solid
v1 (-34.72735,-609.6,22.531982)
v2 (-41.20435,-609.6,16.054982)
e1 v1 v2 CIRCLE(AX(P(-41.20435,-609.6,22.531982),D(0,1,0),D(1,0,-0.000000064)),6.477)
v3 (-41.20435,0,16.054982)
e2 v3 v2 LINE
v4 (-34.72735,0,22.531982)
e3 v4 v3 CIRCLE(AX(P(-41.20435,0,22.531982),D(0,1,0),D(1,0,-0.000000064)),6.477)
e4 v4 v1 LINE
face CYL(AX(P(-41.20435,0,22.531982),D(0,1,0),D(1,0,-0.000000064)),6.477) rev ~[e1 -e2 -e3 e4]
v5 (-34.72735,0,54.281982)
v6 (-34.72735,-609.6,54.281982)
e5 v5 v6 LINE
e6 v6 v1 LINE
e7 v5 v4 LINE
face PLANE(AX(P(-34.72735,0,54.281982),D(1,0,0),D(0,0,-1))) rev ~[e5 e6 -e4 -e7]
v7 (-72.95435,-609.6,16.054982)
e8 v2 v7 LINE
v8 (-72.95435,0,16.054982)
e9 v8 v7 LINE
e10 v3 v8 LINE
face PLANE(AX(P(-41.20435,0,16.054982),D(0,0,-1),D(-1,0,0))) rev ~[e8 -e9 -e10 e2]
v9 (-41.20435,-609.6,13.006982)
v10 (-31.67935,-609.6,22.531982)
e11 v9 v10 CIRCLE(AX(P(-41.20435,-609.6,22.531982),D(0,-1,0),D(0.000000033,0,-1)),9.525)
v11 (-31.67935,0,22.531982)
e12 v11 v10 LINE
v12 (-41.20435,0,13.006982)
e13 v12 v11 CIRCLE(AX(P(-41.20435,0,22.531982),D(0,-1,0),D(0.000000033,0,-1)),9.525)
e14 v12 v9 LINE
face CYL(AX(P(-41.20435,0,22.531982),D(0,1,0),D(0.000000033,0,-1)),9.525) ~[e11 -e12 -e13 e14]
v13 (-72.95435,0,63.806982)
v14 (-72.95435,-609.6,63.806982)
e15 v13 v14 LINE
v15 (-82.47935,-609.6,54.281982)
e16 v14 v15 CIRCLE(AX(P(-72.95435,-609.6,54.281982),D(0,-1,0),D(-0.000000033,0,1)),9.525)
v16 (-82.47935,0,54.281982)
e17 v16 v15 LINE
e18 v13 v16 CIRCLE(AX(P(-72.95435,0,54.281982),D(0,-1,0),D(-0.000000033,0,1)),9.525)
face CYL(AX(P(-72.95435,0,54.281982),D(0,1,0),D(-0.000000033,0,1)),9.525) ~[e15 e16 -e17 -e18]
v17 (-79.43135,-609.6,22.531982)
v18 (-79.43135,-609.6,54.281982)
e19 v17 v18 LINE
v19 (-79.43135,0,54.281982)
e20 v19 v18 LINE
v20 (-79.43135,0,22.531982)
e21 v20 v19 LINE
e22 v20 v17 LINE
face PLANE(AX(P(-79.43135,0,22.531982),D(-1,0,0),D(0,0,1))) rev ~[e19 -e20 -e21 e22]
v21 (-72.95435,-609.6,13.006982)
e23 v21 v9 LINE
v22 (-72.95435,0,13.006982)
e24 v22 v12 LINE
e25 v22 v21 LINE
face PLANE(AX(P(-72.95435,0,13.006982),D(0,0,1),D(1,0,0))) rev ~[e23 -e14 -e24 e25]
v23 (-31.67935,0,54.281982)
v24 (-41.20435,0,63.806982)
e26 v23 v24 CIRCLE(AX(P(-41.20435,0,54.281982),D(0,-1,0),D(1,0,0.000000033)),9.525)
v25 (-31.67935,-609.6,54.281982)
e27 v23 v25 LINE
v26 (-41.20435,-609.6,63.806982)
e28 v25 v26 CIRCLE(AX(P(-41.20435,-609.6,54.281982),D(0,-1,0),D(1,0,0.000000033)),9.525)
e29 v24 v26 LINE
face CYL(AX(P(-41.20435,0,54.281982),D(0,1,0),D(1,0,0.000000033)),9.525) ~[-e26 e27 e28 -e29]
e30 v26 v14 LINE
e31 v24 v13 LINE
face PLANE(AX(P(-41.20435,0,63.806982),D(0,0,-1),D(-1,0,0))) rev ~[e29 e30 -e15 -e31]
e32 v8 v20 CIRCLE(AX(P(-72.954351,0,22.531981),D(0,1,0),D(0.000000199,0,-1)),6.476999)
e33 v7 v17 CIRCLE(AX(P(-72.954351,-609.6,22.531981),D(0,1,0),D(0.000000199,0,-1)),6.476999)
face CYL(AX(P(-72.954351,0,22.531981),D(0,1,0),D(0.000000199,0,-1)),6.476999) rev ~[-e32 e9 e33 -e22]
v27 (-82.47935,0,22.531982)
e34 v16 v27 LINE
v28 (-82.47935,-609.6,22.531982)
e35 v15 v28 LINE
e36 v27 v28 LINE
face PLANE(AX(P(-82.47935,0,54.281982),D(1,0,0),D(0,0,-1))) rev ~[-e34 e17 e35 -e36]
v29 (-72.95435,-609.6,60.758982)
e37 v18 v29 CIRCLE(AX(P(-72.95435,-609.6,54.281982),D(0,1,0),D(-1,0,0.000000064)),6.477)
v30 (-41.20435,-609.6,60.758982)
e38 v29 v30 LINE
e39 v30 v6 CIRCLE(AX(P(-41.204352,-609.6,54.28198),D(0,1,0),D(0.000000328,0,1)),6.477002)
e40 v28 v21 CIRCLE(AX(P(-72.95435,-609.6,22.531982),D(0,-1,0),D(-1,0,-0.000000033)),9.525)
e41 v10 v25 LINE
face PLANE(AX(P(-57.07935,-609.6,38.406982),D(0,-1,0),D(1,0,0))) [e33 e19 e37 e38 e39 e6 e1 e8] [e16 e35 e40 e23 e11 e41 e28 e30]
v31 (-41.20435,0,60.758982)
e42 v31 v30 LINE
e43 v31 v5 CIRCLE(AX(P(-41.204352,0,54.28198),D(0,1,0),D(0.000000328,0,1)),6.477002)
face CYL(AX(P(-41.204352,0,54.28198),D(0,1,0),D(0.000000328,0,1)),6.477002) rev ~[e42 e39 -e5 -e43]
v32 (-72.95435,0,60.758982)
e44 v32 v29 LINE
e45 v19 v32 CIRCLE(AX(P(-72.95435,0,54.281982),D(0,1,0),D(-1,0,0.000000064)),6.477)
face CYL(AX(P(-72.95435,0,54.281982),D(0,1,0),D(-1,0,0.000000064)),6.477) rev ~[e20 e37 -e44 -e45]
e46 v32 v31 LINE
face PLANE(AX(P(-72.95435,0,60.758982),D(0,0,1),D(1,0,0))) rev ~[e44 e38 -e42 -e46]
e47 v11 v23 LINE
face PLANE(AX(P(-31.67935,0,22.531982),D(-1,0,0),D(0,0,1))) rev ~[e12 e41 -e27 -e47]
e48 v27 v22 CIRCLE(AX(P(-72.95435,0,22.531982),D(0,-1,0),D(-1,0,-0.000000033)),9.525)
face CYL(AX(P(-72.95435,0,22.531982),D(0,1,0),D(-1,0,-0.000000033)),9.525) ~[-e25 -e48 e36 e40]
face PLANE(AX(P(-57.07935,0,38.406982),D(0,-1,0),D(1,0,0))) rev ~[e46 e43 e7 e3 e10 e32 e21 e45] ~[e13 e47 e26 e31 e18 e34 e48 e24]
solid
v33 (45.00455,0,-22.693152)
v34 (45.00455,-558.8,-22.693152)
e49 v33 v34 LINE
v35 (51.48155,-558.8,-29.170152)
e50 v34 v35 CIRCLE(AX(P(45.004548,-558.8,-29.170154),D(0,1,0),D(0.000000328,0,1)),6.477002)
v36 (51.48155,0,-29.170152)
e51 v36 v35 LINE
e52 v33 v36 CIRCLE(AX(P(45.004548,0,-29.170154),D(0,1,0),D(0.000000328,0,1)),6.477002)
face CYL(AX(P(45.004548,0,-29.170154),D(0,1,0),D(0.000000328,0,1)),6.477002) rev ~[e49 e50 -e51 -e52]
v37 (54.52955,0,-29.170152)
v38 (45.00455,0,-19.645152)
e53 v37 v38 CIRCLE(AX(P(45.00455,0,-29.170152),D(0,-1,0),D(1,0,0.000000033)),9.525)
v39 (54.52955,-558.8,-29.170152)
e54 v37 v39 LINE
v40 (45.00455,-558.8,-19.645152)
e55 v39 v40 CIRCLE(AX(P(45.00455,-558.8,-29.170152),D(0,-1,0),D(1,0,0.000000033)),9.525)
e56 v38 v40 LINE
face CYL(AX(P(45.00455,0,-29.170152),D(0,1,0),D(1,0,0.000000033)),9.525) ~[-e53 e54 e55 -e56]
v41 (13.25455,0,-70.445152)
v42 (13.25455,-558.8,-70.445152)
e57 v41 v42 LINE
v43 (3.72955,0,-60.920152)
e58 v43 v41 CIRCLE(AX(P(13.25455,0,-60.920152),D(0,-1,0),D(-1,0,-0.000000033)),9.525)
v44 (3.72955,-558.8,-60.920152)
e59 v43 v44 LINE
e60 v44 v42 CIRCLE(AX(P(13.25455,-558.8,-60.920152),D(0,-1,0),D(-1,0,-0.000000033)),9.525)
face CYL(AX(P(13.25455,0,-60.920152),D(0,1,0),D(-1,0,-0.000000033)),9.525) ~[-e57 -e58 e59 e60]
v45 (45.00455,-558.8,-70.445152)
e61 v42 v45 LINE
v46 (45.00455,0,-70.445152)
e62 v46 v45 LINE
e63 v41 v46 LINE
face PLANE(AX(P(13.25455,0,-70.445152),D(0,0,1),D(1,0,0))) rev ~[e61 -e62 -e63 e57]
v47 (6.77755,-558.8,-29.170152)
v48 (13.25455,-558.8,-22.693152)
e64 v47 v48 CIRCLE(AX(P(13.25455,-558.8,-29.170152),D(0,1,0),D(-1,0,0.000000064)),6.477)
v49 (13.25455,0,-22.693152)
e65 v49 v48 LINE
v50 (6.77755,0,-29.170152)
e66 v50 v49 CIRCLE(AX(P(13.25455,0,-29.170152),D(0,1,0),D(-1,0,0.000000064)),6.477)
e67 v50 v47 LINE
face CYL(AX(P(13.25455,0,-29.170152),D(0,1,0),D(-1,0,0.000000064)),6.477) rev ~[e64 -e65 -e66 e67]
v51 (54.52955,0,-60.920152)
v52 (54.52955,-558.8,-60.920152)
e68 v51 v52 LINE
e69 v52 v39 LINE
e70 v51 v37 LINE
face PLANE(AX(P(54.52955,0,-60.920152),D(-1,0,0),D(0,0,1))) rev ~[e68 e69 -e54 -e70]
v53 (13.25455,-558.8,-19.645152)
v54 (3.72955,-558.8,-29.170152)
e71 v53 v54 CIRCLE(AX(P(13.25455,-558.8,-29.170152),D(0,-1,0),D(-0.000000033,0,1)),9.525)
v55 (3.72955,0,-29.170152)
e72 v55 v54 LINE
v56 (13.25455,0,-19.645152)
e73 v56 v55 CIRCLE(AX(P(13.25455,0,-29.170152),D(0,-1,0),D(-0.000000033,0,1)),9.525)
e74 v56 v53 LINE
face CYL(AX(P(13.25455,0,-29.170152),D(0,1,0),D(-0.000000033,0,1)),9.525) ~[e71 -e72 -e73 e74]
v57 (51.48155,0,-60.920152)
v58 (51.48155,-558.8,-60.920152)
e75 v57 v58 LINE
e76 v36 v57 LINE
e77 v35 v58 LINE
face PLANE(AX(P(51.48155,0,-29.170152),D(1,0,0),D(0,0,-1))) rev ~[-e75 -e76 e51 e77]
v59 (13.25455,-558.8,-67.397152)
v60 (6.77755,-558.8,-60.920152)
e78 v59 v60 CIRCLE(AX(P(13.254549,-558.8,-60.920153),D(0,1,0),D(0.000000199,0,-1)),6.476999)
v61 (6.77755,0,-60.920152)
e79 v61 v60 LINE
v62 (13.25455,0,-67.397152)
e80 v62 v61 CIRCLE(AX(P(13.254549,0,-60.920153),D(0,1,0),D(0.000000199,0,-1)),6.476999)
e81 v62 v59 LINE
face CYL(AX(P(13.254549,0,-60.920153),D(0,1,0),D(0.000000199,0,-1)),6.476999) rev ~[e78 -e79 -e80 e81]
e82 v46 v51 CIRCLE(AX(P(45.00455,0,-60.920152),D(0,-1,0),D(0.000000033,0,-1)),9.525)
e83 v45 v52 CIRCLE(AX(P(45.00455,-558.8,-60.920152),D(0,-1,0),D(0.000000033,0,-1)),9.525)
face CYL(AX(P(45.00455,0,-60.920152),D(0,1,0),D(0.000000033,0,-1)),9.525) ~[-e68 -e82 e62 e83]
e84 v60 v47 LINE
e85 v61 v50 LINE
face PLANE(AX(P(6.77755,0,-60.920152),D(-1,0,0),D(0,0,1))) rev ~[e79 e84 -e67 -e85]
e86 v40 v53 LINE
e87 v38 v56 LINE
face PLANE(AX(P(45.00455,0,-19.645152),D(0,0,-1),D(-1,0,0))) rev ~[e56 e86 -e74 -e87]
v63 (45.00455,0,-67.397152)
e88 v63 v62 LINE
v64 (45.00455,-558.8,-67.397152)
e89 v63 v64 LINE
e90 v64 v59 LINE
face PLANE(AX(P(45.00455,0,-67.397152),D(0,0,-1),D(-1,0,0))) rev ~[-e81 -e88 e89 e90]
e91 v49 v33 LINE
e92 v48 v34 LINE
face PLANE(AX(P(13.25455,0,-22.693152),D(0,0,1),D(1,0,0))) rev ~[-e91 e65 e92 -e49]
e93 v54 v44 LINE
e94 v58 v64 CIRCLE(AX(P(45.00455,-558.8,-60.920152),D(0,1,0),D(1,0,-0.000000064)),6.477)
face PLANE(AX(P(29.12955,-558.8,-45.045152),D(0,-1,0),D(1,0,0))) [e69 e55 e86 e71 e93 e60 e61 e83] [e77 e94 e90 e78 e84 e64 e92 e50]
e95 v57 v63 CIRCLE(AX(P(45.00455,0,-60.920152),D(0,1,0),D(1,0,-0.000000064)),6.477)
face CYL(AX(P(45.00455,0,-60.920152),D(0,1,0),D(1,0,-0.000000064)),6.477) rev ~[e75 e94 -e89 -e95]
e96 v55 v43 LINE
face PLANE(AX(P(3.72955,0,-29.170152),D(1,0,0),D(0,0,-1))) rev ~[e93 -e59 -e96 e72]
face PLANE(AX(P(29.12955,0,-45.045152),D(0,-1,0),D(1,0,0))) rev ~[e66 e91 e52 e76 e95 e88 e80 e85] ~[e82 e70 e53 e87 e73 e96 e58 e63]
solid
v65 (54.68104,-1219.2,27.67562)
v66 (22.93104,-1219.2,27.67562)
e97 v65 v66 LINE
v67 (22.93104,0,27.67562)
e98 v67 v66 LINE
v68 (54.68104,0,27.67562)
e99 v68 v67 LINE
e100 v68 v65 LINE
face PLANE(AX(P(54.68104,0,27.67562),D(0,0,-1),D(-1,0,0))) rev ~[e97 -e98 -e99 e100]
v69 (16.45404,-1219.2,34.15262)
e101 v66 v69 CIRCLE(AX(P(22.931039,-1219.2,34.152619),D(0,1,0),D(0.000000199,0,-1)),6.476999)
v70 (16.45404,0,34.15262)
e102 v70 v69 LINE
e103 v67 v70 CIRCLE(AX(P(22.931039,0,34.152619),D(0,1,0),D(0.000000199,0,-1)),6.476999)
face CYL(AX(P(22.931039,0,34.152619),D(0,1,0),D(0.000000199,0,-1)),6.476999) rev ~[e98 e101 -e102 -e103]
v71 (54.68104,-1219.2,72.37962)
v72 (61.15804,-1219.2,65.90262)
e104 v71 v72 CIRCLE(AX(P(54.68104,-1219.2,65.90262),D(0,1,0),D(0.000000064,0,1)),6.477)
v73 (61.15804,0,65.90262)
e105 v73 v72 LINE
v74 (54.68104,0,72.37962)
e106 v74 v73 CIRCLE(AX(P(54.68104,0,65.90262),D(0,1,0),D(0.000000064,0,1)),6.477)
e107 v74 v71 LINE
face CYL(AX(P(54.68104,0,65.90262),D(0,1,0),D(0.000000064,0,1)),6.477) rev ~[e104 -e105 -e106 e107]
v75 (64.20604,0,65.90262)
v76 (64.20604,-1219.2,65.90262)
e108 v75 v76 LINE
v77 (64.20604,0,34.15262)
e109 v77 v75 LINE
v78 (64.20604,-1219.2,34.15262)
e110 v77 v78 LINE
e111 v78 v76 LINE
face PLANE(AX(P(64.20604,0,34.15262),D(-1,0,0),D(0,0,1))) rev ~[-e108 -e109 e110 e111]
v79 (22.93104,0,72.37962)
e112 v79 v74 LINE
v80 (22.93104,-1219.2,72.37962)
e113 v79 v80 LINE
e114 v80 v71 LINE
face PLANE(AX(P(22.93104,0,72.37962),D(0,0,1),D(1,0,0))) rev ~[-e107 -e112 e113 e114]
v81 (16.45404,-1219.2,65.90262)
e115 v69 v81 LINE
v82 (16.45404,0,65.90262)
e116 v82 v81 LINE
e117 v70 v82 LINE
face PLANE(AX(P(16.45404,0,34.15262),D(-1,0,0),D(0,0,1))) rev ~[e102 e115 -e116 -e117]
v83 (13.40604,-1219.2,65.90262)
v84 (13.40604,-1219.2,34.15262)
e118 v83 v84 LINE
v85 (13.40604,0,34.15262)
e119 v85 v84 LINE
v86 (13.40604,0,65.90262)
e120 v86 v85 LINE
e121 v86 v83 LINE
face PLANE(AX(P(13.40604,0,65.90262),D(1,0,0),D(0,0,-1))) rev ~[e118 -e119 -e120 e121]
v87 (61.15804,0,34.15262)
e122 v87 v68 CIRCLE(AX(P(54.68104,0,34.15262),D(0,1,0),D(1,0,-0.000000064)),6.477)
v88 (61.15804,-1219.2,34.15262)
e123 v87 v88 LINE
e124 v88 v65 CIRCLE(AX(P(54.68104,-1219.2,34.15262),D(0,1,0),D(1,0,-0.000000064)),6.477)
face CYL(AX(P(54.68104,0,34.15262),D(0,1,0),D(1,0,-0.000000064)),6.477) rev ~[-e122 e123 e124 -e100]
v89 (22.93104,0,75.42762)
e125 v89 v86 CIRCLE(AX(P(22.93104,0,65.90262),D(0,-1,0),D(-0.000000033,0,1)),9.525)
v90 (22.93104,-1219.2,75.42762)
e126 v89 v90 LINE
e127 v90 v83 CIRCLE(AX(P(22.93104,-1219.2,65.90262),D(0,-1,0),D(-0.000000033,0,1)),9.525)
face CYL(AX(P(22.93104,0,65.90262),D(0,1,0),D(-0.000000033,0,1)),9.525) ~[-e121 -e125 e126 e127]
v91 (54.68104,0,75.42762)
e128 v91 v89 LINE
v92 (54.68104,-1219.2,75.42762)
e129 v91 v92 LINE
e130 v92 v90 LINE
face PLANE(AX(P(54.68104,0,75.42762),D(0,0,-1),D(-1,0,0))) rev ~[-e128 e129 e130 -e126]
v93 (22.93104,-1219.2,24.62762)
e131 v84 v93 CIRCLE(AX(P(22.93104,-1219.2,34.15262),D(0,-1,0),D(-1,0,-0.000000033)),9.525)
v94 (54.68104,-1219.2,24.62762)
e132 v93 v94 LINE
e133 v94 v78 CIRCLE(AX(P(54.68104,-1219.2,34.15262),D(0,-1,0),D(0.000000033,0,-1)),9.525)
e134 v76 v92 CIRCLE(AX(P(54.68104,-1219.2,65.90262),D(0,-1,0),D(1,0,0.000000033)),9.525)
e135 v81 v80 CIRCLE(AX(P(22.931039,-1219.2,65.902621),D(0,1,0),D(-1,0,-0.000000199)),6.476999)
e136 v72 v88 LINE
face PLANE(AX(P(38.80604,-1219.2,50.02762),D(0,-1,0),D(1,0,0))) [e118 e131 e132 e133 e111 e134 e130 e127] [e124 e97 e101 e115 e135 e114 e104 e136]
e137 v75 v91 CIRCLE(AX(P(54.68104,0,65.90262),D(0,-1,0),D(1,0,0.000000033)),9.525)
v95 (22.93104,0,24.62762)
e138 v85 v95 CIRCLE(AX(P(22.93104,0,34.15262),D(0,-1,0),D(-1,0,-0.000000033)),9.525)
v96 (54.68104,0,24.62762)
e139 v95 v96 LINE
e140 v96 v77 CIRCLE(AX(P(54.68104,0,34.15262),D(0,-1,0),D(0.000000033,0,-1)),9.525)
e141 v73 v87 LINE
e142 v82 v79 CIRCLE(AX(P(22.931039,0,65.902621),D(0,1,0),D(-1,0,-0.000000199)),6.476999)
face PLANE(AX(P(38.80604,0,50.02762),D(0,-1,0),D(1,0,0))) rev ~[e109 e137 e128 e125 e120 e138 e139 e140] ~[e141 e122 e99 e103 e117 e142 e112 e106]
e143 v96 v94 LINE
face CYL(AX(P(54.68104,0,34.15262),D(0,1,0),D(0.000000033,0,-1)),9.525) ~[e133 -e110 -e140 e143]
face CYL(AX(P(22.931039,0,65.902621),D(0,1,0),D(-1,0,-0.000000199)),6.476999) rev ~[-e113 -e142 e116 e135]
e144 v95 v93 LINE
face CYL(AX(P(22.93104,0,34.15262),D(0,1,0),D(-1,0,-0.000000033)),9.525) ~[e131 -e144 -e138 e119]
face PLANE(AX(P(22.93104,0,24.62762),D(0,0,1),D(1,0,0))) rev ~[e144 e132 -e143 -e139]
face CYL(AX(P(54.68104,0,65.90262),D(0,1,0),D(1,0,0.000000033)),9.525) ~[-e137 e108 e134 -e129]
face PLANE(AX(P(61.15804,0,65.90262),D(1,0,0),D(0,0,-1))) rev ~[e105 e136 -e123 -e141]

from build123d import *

# Parameters (mm, degrees)
F1_DEPTH = 609.6
F3_DEPTH = 1219.2
F5_DEPTH = 558.8


with BuildPart() as f1:
    # F0 (on Front) → F1 (new body)
    with BuildSketch(Plane.XZ):
        with BuildLine():
            Line((-41.20435, 63.806982), (-72.95435, 63.806982))
            ThreePointArc((-72.95435, 63.806982), (-79.689542, 61.017174), (-82.47935, 54.281982))
            Line((-82.47935, 54.281982), (-82.47935, 22.531982))
            ThreePointArc((-82.47935, 22.531982), (-79.689542, 15.79679), (-72.95435, 13.006982))
            Line((-72.95435, 13.006982), (-41.20435, 13.006982))
            ThreePointArc((-41.20435, 13.006982), (-34.469158, 15.79679), (-31.67935, 22.531982))
            Line((-31.67935, 22.531982), (-31.67935, 54.281982))
            ThreePointArc((-31.67935, 54.281982), (-34.469158, 61.017174), (-41.20435, 63.806982))
        make_face()
        with BuildLine():
            ThreePointArc((-79.43135, 54.281982), (-77.534281, 58.861912), (-72.95435, 60.758982))
            Line((-72.95435, 60.758982), (-41.20435, 60.758982))
            ThreePointArc((-41.20435, 60.758982), (-36.62442, 58.861912), (-34.72735, 54.281982))
            Line((-34.72735, 54.281982), (-34.72735, 22.531982))
            ThreePointArc((-34.72735, 22.531982), (-36.62442, 17.952051), (-41.20435, 16.054982))
            Line((-41.20435, 16.054982), (-72.95435, 16.054982))
            ThreePointArc((-72.95435, 16.054982), (-77.534281, 17.952051), (-79.43135, 22.531982))
            Line((-79.43135, 22.531982), (-79.43135, 54.281982))
        make_face(mode=Mode.SUBTRACT)
    extrude(amount=F1_DEPTH)


with BuildPart() as f3:
    # F2 (on Front) → F3 (new body)
    with BuildSketch(Plane.XZ):
        with BuildLine():
            Line((54.68104, 75.42762), (22.93104, 75.42762))
            ThreePointArc((22.93104, 75.42762), (16.195848, 72.637812), (13.40604, 65.90262))
            Line((13.40604, 65.90262), (13.40604, 34.15262))
            ThreePointArc((13.40604, 34.15262), (16.195848, 27.417428), (22.93104, 24.62762))
            Line((22.93104, 24.62762), (54.68104, 24.62762))
            ThreePointArc((54.68104, 24.62762), (61.416232, 27.417428), (64.20604, 34.15262))
            Line((64.20604, 34.15262), (64.20604, 65.90262))
            ThreePointArc((64.20604, 65.90262), (61.416232, 72.637812), (54.68104, 75.42762))
        make_face()
        with BuildLine():
            ThreePointArc((16.45404, 65.90262), (18.351109, 70.482551), (22.93104, 72.37962))
            Line((22.93104, 72.37962), (54.68104, 72.37962))
            ThreePointArc((54.68104, 72.37962), (59.26097, 70.482551), (61.15804, 65.90262))
            Line((61.15804, 65.90262), (61.15804, 34.15262))
            ThreePointArc((61.15804, 34.15262), (59.26097, 29.572689), (54.68104, 27.67562))
            Line((54.68104, 27.67562), (22.93104, 27.67562))
            ThreePointArc((22.93104, 27.67562), (18.351109, 29.572689), (16.45404, 34.15262))
            Line((16.45404, 34.15262), (16.45404, 65.90262))
        make_face(mode=Mode.SUBTRACT)
    extrude(amount=F3_DEPTH)


with BuildPart() as f5:
    # F4 (on Front) → F5 (new body)
    with BuildSketch(Plane.XZ):
        with BuildLine():
            Line((45.00455, -19.645152), (13.25455, -19.645152))
            ThreePointArc((13.25455, -19.645152), (6.519358, -22.43496), (3.72955, -29.170152))
            Line((3.72955, -29.170152), (3.72955, -60.920152))
            ThreePointArc((3.72955, -60.920152), (6.519358, -67.655344), (13.25455, -70.445152))
            Line((13.25455, -70.445152), (45.00455, -70.445152))
            ThreePointArc((45.00455, -70.445152), (51.739742, -67.655344), (54.52955, -60.920152))
            Line((54.52955, -60.920152), (54.52955, -29.170152))
            ThreePointArc((54.52955, -29.170152), (51.739742, -22.43496), (45.00455, -19.645152))
        make_face()
        with BuildLine():
            ThreePointArc((6.77755, -29.170152), (8.674619, -24.590222), (13.25455, -22.693152))
            Line((13.25455, -22.693152), (45.00455, -22.693152))
            ThreePointArc((45.00455, -22.693152), (49.58448, -24.590222), (51.48155, -29.170152))
            Line((51.48155, -29.170152), (51.48155, -60.920152))
            ThreePointArc((51.48155, -60.920152), (49.58448, -65.500083), (45.00455, -67.397152))
            Line((45.00455, -67.397152), (13.25455, -67.397152))
            ThreePointArc((13.25455, -67.397152), (8.674619, -65.500083), (6.77755, -60.920152))
            Line((6.77755, -60.920152), (6.77755, -29.170152))
        make_face(mode=Mode.SUBTRACT)
    extrude(amount=F5_DEPTH)


solid = Compound([f1.part, f3.part, f5.part])
